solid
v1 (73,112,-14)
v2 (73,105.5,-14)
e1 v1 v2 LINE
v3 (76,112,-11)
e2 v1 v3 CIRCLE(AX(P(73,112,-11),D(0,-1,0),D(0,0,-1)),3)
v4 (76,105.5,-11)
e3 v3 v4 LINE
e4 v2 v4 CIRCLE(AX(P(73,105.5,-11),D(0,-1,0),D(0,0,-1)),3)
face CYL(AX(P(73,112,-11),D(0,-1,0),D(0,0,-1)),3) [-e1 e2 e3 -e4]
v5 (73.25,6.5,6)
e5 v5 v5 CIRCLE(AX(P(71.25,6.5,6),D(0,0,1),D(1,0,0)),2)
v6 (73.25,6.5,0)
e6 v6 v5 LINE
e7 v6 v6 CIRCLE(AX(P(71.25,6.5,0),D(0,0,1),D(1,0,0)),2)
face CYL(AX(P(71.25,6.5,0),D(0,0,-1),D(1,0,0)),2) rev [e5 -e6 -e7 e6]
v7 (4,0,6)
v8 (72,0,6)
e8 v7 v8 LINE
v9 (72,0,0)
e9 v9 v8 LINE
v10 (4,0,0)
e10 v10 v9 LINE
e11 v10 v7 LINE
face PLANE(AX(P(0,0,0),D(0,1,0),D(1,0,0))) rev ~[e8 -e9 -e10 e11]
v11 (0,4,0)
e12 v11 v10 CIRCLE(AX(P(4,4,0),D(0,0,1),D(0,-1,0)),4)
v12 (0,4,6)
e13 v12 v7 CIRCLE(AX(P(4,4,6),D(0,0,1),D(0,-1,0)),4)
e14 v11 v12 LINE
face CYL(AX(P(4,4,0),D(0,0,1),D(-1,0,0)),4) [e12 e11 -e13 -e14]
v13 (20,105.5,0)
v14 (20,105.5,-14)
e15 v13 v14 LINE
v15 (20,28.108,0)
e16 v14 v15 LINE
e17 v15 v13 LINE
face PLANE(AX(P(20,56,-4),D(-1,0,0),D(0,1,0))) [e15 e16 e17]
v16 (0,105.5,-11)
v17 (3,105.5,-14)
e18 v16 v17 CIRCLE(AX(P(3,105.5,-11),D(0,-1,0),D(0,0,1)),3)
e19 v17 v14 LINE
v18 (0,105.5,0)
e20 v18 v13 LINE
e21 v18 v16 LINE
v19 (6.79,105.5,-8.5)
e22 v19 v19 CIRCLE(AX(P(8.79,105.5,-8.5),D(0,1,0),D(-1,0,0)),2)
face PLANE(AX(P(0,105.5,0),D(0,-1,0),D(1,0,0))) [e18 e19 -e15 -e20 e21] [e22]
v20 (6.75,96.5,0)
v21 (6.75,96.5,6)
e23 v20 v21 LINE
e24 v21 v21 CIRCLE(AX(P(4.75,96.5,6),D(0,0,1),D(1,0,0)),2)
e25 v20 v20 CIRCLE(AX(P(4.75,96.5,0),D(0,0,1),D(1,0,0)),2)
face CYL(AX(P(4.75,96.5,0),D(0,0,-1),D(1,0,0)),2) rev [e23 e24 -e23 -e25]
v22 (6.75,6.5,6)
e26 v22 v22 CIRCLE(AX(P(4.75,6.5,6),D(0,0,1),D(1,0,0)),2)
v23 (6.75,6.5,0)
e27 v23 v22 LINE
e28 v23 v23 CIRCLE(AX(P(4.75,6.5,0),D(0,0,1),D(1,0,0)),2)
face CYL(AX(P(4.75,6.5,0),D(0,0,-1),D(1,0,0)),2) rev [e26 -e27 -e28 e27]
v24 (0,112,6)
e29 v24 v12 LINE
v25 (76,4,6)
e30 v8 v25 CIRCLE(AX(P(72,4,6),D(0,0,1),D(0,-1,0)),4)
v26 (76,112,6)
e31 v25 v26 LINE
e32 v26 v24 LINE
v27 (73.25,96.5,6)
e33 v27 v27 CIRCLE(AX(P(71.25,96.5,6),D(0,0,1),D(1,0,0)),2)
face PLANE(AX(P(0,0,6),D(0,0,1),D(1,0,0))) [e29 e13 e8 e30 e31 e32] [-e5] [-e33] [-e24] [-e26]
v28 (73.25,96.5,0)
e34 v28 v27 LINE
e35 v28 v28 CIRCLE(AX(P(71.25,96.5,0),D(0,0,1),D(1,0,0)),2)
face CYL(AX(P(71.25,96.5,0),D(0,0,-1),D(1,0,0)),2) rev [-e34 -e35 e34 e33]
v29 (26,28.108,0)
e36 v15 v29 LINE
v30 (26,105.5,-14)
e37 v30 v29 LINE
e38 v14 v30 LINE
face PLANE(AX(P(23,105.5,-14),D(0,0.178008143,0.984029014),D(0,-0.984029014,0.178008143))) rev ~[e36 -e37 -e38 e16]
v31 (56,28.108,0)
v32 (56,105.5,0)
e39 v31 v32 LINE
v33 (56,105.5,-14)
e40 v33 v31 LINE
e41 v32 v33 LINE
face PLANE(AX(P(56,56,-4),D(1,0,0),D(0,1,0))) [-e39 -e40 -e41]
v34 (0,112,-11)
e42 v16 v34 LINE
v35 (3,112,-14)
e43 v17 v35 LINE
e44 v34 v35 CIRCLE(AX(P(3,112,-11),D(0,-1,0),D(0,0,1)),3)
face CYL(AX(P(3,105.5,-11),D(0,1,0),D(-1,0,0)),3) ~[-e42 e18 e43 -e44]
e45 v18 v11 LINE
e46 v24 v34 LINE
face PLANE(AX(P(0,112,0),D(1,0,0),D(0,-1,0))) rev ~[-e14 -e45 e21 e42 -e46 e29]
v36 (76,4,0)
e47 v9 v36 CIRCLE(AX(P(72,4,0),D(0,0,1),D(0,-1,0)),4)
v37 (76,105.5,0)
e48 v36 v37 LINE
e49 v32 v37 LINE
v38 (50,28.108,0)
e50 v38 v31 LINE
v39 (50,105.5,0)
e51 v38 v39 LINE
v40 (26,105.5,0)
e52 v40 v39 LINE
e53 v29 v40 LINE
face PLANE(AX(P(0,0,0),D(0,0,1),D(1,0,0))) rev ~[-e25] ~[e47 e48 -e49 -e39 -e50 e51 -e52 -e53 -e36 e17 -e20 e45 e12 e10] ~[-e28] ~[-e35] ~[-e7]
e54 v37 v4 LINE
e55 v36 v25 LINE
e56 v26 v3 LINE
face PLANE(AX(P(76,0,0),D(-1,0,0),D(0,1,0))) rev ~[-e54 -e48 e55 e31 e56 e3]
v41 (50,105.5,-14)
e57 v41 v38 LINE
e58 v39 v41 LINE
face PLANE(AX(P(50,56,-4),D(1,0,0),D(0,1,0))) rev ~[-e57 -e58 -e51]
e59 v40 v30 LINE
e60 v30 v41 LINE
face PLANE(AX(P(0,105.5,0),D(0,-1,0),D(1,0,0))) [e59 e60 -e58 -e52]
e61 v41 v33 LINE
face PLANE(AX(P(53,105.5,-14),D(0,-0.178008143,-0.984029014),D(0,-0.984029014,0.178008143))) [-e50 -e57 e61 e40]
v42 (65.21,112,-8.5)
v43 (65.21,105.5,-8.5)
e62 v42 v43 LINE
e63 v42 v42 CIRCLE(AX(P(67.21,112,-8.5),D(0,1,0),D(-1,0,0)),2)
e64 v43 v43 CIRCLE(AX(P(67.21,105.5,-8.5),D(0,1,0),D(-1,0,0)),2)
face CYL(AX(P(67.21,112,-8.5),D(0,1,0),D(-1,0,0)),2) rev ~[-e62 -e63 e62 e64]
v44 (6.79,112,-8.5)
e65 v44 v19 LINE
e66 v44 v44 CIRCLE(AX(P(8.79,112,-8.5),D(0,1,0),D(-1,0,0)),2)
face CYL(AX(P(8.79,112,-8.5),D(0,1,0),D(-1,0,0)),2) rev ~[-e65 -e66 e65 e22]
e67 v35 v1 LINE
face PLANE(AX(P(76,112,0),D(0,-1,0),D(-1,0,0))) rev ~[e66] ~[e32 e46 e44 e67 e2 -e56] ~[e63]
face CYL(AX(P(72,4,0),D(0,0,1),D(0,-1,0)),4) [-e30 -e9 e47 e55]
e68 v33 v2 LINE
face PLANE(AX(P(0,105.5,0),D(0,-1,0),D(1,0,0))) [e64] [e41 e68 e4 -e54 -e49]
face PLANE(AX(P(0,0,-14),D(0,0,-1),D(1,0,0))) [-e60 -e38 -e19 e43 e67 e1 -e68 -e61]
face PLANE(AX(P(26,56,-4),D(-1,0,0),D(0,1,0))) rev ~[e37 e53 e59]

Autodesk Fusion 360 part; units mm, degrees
sketch "Sketch1" plane through (0, 0, 0) normal (0, 0, 1) x (1, 0, 0)
  line L0 (0, 0) -> (76, 0)
  line L1 (76, 0) -> (76, 112)
  line L2 (76, 112) -> (0, 112)
  line L3 (0, 112) -> (0, 0)
  circle A0 centre (4.75, 96.5) radius 2
  circle A1 centre (71.25, 96.5) radius 2
  circle A2 centre (71.25, 6.5) radius 2
  circle A3 centre (4.75, 6.5) radius 2
  line L4 (4.75, 96.5) -> (71.25, 96.5) construction
  line L5 (71.25, 96.5) -> (71.25, 6.5) construction
  line L6 (38, 112) -> (38, 0) construction
  dimension "d1" = 76
  dimension "d2" = 112
  dimension "d3" = 66.5
  dimension "d4" = 90
  dimension "d5" = 66.5
  dimension "d6" = 90
  dimension "d7" = 4
  dimension "d8" = 4
  dimension "d9" = 4
  dimension "d10" = 4
  dimension "d11" = 6.5
extrude "Extrude1" add sketch "Sketch1" along normal blind 6
sketch "Sketch2" plane through (0, 0, 0) normal (0, 0, -1) x (1, 0, 0)
  circle A0 centre (71.25, -96.5) radius 2
  circle A1 centre (4.75, -96.5) radius 2
  circle A2 centre (71.25, -6.5) radius 2
  circle A3 centre (4.75, -6.5) radius 2
  line L0 (0, 0) -> (0, -112)
  line L1 (0, -112) -> (76, -112)
  line L2 (76, -112) -> (76, 0)
  line L3 (76, 0) -> (0, 0)
  line L4 (76, -112) -> (0, -112)
  line L5 (0, -112) -> (0, -105.5)
  line L6 (0, -105.5) -> (76, -105.5)
  line L7 (76, -105.5) -> (76, -112)
  dimension "d14" = 6.5
extrude "Extrude2" add sketch "Sketch2" along normal blind 14 contours L0 L1 L2 L4 L5 L6 L7
ref_plane "WorkPlane1" through (53, 56, -4) normal (1, 0, 0) x (0, 1, 0)
sketch "Sketch3" plane through (53, 56, -4) normal (1, 0, 0) x (0, 1, 0)
  line L0 (-56, 4) -> (49.5, 4)
  line L1 (49.5, 4) -> (49.5, -10)
  line L2 (49.5, -10) -> (56, -10)
  line L3 (56, -10) -> (56, 10)
  line L4 (56, 10) -> (-56, 10)
  line L5 (-56, 10) -> (-56, 4)
  line L6 (-56, 4) -> (49.5, 4)
  line L7 (49.5, -10) -> (-27.892, 4)
extrude "Extrude3" add sketch "Sketch3" along normal mid plane 6 contours L0 L1 L6 L7
ref_plane "WorkPlane2" through (23, 56, -4) normal (-1, 0, 0) x (0, -1, 0)
sketch "Sketch4" plane through (23, 56, -4) normal (-1, 0, 0) x (0, 1, 0)
  line L0 (49.5, -4) -> (49.5, 10)
  line L1 (49.5, 10) -> (-27.892, -4)
  line L2 (-27.892, -4) -> (49.5, -4)
  line L3 (49.5, 10) -> (-27.892, -4)
extrude "Extrude4" add sketch "Sketch4" along normal mid plane 6
sketch "Sketch5" plane through (0, 112, 0) normal (0, 1, 0) x (-1, 0, 0)
  line L0 (0, -14) -> (0, 6)
  line L1 (0, 6) -> (-76, 6)
  line L2 (-76, 6) -> (-76, -14)
  line L3 (-76, -14) -> (0, -14)
  circle A0 centre (-67.21, -8.5) radius 2
  line L4 (-38, 6) -> (-38, -14) construction
  circle A1 centre (-8.79, -8.5) radius 2
  dimension "d23" = 4
  dimension "d24" = 4
  dimension "d25" = 58.42
  dimension "d26" = 5.5
extrude "Extrude5" cut sketch "Sketch5" against normal blind 6.5 contours A0 | A1
fillet "Fillet1" radius 4 2 edges at (76, 0, 3) (0, 0, 3)
fillet "Fillet2" radius 3 2 edges at (0, 108.75, -14) (76, 108.75, -14)
